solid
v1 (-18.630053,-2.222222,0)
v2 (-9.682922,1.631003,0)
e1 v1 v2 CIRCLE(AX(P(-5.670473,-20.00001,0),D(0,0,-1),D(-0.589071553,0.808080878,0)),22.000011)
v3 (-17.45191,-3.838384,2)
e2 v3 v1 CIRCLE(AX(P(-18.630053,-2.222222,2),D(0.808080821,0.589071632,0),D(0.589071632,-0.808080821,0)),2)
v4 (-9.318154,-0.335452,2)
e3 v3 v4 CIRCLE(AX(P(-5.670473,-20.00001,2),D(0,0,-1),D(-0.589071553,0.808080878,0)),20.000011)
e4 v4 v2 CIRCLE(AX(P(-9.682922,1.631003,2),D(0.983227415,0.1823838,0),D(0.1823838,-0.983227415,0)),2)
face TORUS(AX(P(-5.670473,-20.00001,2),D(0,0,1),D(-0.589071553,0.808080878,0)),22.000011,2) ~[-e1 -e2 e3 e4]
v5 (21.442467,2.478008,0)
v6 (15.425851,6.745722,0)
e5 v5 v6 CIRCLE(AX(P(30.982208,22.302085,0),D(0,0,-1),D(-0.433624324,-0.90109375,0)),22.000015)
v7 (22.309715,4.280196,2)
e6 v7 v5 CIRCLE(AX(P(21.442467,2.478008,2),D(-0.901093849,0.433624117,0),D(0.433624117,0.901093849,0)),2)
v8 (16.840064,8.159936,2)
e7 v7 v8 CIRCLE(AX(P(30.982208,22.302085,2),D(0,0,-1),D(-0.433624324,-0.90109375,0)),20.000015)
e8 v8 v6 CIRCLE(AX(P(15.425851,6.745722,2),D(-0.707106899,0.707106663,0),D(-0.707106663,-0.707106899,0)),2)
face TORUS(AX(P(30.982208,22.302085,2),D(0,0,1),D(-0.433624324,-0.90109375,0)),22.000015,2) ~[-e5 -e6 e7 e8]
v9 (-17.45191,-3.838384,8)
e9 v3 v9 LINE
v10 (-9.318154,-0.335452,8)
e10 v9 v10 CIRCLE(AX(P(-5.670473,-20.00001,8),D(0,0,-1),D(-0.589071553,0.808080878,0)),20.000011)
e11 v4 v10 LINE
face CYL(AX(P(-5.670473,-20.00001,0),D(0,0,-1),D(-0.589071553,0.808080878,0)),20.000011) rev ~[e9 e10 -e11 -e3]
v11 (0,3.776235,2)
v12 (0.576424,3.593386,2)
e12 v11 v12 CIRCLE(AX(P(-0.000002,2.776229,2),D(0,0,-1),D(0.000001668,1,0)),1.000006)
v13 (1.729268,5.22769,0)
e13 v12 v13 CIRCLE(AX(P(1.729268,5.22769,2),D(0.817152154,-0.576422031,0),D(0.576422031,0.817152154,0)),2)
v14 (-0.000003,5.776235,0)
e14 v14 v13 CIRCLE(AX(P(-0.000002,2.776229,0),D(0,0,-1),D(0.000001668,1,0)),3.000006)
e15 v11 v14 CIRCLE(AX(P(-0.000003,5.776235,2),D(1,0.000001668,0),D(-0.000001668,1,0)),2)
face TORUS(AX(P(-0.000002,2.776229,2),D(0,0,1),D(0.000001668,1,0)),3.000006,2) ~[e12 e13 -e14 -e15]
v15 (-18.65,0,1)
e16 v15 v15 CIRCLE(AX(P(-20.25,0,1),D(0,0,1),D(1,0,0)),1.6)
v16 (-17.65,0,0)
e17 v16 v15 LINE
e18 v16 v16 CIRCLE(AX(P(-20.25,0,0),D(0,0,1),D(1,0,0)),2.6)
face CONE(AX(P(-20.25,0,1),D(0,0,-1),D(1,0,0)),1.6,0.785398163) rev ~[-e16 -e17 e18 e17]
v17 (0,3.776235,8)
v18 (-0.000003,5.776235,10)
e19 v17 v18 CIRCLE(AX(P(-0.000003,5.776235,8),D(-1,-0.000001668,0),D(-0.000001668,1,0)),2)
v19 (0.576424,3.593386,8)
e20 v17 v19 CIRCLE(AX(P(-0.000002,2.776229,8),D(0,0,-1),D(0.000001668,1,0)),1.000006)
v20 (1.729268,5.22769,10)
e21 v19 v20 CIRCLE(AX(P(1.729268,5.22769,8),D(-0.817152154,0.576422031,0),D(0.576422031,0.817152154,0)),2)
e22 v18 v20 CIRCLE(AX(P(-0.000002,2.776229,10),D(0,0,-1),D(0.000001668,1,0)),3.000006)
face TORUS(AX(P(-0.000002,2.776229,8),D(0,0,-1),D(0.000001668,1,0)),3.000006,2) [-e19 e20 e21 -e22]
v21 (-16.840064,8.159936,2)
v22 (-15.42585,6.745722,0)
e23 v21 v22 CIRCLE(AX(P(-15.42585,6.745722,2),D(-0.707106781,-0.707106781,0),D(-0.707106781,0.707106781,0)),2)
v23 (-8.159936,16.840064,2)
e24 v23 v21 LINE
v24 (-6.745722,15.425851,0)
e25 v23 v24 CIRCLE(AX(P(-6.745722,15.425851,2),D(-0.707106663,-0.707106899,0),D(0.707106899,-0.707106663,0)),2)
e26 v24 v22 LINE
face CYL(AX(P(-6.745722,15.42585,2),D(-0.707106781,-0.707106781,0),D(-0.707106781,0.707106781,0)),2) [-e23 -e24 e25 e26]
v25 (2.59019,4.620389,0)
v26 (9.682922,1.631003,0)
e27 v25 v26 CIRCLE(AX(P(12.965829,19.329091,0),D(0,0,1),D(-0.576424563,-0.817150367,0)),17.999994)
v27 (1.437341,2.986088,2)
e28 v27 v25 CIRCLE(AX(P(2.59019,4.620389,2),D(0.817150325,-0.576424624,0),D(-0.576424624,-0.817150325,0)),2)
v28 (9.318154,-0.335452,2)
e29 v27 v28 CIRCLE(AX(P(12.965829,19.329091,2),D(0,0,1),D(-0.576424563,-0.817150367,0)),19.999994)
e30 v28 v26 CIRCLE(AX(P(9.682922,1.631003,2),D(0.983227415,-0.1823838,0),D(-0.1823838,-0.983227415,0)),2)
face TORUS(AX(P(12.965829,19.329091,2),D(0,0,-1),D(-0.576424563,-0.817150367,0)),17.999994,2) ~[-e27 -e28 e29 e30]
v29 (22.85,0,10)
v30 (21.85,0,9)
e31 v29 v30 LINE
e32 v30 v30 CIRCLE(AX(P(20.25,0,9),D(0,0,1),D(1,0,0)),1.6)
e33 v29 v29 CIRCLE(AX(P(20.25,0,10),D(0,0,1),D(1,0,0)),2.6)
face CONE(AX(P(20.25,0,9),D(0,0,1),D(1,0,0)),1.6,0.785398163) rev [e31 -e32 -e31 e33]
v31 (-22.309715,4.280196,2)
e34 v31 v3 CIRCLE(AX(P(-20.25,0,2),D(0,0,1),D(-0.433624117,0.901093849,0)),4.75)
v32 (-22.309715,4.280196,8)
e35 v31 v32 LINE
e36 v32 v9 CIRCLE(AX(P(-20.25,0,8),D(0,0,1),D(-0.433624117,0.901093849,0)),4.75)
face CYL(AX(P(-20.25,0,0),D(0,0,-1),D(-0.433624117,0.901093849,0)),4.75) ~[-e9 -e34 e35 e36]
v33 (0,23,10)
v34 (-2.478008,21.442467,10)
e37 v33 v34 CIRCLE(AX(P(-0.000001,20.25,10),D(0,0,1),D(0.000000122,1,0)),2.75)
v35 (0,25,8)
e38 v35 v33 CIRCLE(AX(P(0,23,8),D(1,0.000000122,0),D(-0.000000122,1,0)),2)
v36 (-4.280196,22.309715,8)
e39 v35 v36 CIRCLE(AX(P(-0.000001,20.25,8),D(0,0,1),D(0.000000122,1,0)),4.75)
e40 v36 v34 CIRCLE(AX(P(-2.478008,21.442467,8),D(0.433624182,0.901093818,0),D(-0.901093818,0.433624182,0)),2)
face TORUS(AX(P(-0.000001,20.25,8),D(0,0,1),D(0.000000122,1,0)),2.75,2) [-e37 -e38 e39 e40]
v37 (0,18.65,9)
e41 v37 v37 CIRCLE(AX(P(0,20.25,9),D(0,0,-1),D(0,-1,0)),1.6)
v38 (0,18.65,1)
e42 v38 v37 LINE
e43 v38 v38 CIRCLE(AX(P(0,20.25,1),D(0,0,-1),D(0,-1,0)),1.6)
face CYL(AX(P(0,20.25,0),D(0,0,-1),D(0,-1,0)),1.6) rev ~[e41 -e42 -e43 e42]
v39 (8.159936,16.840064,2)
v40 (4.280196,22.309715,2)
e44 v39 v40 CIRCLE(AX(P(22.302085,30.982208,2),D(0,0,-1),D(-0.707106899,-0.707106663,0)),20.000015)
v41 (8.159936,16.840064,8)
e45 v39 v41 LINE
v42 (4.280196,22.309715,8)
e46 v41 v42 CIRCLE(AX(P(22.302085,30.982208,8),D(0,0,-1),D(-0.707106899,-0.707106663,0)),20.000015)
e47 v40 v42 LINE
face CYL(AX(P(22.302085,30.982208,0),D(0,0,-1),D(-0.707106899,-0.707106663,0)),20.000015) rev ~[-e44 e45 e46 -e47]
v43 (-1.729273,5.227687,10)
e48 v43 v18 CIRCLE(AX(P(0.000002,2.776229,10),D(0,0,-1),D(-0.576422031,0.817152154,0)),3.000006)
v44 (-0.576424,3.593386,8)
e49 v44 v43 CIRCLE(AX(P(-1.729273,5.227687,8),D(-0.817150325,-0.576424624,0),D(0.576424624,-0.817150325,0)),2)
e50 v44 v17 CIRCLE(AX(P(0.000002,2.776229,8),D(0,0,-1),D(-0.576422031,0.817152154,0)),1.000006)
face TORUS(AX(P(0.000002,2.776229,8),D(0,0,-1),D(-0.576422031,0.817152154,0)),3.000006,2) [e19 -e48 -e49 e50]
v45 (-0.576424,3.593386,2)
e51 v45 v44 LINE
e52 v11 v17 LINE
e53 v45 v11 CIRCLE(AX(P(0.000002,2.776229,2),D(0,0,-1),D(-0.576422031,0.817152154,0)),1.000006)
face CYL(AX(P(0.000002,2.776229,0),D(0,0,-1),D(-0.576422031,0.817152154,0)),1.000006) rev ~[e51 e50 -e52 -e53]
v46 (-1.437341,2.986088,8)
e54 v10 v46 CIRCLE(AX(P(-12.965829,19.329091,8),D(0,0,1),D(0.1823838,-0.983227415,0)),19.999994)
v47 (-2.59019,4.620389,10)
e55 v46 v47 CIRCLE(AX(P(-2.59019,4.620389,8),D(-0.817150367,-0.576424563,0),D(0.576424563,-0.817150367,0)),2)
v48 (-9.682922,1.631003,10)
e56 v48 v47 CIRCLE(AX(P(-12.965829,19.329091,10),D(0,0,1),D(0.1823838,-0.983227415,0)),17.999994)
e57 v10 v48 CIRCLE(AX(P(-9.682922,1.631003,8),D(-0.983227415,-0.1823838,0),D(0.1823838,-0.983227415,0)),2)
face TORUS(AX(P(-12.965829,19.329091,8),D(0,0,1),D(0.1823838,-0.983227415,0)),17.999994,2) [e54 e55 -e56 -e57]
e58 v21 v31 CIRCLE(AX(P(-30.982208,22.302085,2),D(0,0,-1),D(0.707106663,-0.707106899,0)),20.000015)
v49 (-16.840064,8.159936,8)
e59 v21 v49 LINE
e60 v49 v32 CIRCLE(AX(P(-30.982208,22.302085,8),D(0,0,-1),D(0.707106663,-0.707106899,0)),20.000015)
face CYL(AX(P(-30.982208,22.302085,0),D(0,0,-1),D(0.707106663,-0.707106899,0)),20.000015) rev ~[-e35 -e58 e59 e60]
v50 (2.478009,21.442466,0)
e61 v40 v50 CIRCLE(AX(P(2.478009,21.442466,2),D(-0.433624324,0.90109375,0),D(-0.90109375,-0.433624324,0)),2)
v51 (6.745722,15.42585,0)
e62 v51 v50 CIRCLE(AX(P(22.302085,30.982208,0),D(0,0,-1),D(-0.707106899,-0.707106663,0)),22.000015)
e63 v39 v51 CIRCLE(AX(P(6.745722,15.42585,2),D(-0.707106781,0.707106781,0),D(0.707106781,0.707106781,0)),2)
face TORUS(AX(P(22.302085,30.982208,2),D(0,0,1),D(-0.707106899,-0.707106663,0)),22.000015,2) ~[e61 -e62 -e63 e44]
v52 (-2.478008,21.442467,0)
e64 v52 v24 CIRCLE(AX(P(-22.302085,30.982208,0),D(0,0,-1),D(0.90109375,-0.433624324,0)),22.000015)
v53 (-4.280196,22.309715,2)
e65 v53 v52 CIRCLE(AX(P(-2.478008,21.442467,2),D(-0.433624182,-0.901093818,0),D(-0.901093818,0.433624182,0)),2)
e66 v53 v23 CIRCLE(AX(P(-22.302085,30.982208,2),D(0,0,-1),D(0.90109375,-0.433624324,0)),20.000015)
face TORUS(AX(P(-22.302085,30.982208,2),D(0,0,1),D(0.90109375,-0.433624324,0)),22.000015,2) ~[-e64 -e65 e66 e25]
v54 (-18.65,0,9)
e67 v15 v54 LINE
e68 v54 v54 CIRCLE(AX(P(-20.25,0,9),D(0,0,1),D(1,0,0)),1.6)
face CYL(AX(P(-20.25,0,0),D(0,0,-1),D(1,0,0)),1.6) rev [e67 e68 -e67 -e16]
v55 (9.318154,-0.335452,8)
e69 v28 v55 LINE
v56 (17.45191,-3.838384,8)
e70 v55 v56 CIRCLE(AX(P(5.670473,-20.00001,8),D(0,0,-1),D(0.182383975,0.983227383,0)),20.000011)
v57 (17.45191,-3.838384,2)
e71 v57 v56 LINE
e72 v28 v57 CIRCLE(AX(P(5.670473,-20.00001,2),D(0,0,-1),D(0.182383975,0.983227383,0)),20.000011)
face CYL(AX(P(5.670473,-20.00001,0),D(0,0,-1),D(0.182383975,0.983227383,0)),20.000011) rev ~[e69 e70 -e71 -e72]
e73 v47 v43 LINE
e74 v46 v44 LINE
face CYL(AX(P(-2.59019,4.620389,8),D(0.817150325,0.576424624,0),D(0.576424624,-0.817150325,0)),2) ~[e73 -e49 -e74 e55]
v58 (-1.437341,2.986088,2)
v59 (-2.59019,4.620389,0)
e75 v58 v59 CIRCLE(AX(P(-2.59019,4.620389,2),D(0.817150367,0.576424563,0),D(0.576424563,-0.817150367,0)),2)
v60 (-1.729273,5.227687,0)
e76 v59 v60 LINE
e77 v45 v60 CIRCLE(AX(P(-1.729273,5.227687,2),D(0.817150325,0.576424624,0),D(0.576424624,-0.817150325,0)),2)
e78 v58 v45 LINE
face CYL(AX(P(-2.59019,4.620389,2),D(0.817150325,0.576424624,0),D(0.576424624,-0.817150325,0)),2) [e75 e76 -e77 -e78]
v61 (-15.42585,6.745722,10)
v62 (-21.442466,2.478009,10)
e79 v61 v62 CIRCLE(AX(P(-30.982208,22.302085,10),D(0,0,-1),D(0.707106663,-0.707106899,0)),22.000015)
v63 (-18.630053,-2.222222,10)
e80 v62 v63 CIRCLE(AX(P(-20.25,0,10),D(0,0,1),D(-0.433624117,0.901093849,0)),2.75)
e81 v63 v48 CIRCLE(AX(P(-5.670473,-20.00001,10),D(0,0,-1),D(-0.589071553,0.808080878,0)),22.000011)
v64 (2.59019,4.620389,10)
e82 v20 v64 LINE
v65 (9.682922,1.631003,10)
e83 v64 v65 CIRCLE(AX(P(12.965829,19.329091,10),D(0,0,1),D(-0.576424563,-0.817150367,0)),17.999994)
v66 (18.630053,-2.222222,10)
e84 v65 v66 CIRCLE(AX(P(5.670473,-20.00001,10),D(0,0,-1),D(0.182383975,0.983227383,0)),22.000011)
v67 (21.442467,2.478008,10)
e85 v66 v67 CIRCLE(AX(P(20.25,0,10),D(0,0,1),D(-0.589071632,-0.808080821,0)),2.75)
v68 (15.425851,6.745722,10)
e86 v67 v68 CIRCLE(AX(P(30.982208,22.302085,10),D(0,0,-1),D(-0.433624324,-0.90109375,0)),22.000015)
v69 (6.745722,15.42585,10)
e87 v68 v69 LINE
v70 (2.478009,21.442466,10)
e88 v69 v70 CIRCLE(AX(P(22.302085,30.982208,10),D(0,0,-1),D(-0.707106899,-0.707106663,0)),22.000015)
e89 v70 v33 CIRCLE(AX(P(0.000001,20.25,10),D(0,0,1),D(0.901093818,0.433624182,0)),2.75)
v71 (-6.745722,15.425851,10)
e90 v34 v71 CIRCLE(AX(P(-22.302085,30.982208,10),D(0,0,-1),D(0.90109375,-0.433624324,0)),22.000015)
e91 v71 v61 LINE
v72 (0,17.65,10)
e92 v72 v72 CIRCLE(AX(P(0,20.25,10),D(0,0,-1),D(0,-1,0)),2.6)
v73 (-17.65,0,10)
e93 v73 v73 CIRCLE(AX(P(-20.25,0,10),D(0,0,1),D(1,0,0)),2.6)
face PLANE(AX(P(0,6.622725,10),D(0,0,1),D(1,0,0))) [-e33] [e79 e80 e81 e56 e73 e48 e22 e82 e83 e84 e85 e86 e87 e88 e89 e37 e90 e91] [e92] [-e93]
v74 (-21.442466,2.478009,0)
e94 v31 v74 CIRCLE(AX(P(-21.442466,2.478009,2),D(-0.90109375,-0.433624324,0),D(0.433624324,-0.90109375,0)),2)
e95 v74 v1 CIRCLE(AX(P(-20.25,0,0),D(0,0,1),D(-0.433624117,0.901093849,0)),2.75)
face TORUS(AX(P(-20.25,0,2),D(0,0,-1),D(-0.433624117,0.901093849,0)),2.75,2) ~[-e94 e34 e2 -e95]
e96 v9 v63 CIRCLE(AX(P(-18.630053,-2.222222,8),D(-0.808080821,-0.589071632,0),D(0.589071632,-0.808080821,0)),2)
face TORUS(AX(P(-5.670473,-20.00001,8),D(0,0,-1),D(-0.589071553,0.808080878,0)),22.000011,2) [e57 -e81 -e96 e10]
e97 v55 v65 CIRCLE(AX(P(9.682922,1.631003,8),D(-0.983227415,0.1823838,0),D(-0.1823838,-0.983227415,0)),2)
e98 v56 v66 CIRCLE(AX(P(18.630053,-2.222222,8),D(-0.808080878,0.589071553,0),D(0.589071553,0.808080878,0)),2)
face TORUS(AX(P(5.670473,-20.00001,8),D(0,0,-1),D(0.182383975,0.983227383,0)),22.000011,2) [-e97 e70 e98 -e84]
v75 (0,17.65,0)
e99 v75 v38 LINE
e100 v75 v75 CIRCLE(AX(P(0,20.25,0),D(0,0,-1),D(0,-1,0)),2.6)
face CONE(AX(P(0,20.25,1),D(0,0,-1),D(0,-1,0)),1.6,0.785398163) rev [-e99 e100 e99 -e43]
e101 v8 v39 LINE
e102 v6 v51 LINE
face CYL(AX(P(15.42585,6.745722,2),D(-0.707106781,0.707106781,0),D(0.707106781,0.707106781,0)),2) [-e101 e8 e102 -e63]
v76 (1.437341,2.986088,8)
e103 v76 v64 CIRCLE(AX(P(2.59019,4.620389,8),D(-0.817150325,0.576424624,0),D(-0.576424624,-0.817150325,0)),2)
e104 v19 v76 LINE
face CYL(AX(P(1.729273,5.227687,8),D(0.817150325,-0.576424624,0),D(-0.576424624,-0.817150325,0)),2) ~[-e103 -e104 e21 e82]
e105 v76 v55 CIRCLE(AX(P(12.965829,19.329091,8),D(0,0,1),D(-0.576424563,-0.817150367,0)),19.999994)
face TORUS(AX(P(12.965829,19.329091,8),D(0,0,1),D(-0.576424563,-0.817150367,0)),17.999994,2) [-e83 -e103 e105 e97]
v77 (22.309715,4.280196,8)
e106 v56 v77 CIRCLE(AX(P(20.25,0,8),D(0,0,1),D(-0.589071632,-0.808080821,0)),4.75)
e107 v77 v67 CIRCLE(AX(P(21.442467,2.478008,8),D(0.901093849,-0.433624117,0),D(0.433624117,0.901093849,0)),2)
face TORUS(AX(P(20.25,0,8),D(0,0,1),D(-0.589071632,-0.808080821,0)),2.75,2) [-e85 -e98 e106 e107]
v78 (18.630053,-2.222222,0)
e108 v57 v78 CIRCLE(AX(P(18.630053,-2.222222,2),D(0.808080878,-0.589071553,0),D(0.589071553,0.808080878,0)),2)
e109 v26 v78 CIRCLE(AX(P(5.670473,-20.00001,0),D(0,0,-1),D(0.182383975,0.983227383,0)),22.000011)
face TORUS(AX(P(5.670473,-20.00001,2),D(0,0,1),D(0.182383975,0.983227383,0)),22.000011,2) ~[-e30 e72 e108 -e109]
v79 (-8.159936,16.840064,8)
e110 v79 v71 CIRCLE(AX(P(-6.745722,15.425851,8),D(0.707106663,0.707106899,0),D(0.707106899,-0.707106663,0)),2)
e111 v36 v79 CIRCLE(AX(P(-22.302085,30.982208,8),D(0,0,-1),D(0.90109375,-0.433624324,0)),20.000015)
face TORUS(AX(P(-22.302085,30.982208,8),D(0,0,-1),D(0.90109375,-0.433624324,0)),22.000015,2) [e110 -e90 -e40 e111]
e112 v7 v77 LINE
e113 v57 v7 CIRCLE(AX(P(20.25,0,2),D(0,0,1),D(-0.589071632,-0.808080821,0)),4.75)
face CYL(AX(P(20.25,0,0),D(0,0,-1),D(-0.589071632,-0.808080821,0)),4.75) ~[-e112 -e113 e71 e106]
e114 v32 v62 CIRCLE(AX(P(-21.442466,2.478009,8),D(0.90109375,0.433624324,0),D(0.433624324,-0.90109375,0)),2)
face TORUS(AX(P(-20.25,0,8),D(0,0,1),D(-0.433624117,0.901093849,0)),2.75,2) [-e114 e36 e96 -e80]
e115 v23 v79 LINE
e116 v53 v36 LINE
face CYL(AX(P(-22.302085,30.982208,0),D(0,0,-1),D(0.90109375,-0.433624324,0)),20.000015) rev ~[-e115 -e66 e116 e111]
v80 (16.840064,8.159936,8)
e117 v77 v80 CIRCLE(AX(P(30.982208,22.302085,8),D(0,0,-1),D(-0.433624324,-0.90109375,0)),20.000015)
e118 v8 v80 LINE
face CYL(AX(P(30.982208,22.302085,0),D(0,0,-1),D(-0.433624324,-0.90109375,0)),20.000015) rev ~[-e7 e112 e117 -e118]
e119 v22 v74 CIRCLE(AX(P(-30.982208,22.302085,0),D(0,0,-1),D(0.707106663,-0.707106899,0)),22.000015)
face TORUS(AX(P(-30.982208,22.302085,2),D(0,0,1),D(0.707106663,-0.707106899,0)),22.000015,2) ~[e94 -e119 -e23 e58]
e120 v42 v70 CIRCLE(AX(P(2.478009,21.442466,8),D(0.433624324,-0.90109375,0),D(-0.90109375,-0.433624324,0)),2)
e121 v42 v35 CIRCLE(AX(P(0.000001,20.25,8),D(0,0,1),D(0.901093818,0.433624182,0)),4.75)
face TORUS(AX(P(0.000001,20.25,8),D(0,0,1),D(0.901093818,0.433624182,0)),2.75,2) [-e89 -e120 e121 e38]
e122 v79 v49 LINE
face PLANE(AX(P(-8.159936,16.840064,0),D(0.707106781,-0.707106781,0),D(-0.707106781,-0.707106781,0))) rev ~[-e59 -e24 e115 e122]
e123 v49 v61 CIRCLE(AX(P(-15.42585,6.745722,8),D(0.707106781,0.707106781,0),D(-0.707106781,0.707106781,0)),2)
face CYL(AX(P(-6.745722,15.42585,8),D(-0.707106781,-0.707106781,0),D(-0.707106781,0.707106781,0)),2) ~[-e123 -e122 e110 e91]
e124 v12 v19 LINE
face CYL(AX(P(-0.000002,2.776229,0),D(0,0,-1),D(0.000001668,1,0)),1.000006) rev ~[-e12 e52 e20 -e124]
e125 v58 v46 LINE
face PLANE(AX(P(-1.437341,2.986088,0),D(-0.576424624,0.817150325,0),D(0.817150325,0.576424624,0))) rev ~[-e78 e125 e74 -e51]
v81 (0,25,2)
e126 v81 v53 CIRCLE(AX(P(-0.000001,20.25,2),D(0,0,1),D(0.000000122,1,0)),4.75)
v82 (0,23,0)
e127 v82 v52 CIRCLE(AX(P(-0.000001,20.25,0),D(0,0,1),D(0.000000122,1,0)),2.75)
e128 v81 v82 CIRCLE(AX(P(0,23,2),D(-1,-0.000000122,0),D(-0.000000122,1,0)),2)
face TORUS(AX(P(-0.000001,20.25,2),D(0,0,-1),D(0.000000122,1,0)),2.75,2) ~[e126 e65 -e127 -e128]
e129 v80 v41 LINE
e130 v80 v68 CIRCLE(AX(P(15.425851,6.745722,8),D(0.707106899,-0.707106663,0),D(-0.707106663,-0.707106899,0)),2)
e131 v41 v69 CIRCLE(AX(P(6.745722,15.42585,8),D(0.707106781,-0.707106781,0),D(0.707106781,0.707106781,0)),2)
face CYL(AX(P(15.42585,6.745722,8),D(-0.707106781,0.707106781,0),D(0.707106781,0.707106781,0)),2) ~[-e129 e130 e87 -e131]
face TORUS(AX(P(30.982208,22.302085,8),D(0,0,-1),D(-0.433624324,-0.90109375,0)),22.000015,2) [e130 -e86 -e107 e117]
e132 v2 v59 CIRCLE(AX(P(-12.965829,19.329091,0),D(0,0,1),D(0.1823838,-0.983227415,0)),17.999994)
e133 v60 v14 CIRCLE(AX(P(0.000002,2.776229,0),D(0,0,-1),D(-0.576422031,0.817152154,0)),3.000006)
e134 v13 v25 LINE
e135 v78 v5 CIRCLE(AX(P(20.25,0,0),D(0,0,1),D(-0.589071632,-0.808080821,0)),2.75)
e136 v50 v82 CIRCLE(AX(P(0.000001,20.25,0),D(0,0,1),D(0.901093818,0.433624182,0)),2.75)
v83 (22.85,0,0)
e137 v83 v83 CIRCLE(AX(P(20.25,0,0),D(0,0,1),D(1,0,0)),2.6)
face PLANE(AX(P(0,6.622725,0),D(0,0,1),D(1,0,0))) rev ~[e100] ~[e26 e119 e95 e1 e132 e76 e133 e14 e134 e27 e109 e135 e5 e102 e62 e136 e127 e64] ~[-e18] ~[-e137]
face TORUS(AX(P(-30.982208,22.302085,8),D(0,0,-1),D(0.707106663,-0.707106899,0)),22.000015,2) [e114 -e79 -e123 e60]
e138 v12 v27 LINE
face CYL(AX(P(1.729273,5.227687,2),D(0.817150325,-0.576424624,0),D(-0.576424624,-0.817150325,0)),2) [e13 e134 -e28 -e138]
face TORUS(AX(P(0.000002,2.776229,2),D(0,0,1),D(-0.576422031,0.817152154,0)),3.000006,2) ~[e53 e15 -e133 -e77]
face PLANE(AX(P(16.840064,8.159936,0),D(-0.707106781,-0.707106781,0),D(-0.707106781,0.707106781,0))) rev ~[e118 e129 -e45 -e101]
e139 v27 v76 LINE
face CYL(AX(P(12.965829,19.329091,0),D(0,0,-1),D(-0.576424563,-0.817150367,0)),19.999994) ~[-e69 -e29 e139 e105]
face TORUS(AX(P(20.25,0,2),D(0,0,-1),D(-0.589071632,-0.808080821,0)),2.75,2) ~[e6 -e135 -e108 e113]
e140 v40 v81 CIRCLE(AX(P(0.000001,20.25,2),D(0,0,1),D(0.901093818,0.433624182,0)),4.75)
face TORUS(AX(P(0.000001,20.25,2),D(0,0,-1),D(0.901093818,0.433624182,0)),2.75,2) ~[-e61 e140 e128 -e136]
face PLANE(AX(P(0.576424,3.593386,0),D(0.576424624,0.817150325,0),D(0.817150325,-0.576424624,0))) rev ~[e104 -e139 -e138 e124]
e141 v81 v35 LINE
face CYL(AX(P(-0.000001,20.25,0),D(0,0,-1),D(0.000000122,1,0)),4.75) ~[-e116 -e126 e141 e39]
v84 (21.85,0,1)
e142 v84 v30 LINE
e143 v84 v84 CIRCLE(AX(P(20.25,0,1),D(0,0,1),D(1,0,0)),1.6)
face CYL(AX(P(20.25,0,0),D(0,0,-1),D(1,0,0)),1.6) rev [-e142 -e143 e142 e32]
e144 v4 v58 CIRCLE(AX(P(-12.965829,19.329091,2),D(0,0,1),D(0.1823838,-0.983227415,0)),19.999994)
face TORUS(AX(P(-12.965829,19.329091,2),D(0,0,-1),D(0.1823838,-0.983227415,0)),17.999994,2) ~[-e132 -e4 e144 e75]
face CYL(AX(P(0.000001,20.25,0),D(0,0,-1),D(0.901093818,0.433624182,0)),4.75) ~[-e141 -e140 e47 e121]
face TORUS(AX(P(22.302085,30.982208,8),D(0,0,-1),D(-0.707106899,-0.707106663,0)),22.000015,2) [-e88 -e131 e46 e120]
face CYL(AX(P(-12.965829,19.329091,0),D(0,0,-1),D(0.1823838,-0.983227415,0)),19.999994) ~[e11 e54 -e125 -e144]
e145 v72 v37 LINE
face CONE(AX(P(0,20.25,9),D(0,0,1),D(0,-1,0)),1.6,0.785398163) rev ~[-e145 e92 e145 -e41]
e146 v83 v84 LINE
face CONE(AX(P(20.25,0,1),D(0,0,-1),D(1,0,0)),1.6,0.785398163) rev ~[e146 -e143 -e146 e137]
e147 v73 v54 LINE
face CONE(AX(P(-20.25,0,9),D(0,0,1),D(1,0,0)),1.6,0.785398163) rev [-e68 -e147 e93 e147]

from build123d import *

# Parameters (mm, degrees)
F0_R     = 1.6
F1_DEPTH = 10
F2_R     = 2
F3_SIZE  = 1


with BuildPart() as f1:
    # F0 (on Top) → F1 (new body)
    with BuildSketch(Plane.XY):
        with BuildLine():
            ThreePointArc((22.309715, 4.280196), (19.411123, 5.989188), (16.840064, 8.159936))
            Line((16.840064, 8.159936), (8.159936, 16.840064))
            ThreePointArc((8.159936, 16.840064), (5.989188, 19.411123), (4.280196, 22.309715))
            ThreePointArc((4.280196, 22.309715), (2.527732, 24.271576), (0, 25))
            ThreePointArc((0, 25), (-2.527732, 24.271576), (-4.280196, 22.309715))
            ThreePointArc((-4.280196, 22.309715), (-5.989188, 19.411123), (-8.159936, 16.840064))
            Line((-8.159936, 16.840064), (-16.840064, 8.159936))
            ThreePointArc((-16.840064, 8.159936), (-19.411123, 5.989188), (-22.309715, 4.280196))
            ThreePointArc((-22.309715, 4.280196), (-24.326044, -2.438928), (-17.45191, -3.838384))
            ThreePointArc((-17.45191, -3.838384), (-13.581355, -1.631059), (-9.318154, -0.335452))
            ThreePointArc((-9.318154, -0.335452), (-5.198131, 0.899152), (-1.437341, 2.986088))
            Line((-1.437341, 2.986088), (-0.576424, 3.593386))
            ThreePointArc((-0.576424, 3.593386), (-0.302365, 3.729427), (0, 3.776235))
            ThreePointArc((0, 3.776235), (0.302365, 3.729427), (0.576424, 3.593386))
            Line((0.576424, 3.593386), (1.437341, 2.986088))
            ThreePointArc((1.437341, 2.986088), (5.198131, 0.899152), (9.318154, -0.335452))
            ThreePointArc((9.318154, -0.335452), (13.581355, -1.631059), (17.45191, -3.838384))
            ThreePointArc((17.45191, -3.838384), (24.326044, -2.438928), (22.309715, 4.280196))
        make_face()
        with Locations((-20.25, 0)):
            Circle(F0_R, mode=Mode.SUBTRACT)
        with Locations((20.25, 0)):
            Circle(F0_R, mode=Mode.SUBTRACT)
        with BuildLine():
            ThreePointArc((0, 21.85), (1.6, 20.25), (0, 18.65))
            ThreePointArc((0, 18.65), (-1.6, 20.25), (0, 21.85))
        make_face(mode=Mode.SUBTRACT)
    extrude(amount=F1_DEPTH)

    # F2
    f2_edges = [f1.edges().sort_by_distance(p)[0] for p in [
        (-5.198131, 0.899152, 10),
        (-5.198131, 0.899152, 0),
        (-12.5, 12.5, 10),
        (-19.411123, 5.989188, 10),
    ]]
    fillet(f2_edges, radius=F2_R)

    # F3
    f3_edges = [f1.edges().sort_by_distance(p)[0] for p in [
        (0, 18.65, 10),
        (-21.85, 0, 10),
        (18.65, 0, 10),
        (-21.85, 0, 0),
        (0, 18.65, 0),
        (18.65, 0, 0),
    ]]
    chamfer(f3_edges, length=F3_SIZE)


solid = f1.part
